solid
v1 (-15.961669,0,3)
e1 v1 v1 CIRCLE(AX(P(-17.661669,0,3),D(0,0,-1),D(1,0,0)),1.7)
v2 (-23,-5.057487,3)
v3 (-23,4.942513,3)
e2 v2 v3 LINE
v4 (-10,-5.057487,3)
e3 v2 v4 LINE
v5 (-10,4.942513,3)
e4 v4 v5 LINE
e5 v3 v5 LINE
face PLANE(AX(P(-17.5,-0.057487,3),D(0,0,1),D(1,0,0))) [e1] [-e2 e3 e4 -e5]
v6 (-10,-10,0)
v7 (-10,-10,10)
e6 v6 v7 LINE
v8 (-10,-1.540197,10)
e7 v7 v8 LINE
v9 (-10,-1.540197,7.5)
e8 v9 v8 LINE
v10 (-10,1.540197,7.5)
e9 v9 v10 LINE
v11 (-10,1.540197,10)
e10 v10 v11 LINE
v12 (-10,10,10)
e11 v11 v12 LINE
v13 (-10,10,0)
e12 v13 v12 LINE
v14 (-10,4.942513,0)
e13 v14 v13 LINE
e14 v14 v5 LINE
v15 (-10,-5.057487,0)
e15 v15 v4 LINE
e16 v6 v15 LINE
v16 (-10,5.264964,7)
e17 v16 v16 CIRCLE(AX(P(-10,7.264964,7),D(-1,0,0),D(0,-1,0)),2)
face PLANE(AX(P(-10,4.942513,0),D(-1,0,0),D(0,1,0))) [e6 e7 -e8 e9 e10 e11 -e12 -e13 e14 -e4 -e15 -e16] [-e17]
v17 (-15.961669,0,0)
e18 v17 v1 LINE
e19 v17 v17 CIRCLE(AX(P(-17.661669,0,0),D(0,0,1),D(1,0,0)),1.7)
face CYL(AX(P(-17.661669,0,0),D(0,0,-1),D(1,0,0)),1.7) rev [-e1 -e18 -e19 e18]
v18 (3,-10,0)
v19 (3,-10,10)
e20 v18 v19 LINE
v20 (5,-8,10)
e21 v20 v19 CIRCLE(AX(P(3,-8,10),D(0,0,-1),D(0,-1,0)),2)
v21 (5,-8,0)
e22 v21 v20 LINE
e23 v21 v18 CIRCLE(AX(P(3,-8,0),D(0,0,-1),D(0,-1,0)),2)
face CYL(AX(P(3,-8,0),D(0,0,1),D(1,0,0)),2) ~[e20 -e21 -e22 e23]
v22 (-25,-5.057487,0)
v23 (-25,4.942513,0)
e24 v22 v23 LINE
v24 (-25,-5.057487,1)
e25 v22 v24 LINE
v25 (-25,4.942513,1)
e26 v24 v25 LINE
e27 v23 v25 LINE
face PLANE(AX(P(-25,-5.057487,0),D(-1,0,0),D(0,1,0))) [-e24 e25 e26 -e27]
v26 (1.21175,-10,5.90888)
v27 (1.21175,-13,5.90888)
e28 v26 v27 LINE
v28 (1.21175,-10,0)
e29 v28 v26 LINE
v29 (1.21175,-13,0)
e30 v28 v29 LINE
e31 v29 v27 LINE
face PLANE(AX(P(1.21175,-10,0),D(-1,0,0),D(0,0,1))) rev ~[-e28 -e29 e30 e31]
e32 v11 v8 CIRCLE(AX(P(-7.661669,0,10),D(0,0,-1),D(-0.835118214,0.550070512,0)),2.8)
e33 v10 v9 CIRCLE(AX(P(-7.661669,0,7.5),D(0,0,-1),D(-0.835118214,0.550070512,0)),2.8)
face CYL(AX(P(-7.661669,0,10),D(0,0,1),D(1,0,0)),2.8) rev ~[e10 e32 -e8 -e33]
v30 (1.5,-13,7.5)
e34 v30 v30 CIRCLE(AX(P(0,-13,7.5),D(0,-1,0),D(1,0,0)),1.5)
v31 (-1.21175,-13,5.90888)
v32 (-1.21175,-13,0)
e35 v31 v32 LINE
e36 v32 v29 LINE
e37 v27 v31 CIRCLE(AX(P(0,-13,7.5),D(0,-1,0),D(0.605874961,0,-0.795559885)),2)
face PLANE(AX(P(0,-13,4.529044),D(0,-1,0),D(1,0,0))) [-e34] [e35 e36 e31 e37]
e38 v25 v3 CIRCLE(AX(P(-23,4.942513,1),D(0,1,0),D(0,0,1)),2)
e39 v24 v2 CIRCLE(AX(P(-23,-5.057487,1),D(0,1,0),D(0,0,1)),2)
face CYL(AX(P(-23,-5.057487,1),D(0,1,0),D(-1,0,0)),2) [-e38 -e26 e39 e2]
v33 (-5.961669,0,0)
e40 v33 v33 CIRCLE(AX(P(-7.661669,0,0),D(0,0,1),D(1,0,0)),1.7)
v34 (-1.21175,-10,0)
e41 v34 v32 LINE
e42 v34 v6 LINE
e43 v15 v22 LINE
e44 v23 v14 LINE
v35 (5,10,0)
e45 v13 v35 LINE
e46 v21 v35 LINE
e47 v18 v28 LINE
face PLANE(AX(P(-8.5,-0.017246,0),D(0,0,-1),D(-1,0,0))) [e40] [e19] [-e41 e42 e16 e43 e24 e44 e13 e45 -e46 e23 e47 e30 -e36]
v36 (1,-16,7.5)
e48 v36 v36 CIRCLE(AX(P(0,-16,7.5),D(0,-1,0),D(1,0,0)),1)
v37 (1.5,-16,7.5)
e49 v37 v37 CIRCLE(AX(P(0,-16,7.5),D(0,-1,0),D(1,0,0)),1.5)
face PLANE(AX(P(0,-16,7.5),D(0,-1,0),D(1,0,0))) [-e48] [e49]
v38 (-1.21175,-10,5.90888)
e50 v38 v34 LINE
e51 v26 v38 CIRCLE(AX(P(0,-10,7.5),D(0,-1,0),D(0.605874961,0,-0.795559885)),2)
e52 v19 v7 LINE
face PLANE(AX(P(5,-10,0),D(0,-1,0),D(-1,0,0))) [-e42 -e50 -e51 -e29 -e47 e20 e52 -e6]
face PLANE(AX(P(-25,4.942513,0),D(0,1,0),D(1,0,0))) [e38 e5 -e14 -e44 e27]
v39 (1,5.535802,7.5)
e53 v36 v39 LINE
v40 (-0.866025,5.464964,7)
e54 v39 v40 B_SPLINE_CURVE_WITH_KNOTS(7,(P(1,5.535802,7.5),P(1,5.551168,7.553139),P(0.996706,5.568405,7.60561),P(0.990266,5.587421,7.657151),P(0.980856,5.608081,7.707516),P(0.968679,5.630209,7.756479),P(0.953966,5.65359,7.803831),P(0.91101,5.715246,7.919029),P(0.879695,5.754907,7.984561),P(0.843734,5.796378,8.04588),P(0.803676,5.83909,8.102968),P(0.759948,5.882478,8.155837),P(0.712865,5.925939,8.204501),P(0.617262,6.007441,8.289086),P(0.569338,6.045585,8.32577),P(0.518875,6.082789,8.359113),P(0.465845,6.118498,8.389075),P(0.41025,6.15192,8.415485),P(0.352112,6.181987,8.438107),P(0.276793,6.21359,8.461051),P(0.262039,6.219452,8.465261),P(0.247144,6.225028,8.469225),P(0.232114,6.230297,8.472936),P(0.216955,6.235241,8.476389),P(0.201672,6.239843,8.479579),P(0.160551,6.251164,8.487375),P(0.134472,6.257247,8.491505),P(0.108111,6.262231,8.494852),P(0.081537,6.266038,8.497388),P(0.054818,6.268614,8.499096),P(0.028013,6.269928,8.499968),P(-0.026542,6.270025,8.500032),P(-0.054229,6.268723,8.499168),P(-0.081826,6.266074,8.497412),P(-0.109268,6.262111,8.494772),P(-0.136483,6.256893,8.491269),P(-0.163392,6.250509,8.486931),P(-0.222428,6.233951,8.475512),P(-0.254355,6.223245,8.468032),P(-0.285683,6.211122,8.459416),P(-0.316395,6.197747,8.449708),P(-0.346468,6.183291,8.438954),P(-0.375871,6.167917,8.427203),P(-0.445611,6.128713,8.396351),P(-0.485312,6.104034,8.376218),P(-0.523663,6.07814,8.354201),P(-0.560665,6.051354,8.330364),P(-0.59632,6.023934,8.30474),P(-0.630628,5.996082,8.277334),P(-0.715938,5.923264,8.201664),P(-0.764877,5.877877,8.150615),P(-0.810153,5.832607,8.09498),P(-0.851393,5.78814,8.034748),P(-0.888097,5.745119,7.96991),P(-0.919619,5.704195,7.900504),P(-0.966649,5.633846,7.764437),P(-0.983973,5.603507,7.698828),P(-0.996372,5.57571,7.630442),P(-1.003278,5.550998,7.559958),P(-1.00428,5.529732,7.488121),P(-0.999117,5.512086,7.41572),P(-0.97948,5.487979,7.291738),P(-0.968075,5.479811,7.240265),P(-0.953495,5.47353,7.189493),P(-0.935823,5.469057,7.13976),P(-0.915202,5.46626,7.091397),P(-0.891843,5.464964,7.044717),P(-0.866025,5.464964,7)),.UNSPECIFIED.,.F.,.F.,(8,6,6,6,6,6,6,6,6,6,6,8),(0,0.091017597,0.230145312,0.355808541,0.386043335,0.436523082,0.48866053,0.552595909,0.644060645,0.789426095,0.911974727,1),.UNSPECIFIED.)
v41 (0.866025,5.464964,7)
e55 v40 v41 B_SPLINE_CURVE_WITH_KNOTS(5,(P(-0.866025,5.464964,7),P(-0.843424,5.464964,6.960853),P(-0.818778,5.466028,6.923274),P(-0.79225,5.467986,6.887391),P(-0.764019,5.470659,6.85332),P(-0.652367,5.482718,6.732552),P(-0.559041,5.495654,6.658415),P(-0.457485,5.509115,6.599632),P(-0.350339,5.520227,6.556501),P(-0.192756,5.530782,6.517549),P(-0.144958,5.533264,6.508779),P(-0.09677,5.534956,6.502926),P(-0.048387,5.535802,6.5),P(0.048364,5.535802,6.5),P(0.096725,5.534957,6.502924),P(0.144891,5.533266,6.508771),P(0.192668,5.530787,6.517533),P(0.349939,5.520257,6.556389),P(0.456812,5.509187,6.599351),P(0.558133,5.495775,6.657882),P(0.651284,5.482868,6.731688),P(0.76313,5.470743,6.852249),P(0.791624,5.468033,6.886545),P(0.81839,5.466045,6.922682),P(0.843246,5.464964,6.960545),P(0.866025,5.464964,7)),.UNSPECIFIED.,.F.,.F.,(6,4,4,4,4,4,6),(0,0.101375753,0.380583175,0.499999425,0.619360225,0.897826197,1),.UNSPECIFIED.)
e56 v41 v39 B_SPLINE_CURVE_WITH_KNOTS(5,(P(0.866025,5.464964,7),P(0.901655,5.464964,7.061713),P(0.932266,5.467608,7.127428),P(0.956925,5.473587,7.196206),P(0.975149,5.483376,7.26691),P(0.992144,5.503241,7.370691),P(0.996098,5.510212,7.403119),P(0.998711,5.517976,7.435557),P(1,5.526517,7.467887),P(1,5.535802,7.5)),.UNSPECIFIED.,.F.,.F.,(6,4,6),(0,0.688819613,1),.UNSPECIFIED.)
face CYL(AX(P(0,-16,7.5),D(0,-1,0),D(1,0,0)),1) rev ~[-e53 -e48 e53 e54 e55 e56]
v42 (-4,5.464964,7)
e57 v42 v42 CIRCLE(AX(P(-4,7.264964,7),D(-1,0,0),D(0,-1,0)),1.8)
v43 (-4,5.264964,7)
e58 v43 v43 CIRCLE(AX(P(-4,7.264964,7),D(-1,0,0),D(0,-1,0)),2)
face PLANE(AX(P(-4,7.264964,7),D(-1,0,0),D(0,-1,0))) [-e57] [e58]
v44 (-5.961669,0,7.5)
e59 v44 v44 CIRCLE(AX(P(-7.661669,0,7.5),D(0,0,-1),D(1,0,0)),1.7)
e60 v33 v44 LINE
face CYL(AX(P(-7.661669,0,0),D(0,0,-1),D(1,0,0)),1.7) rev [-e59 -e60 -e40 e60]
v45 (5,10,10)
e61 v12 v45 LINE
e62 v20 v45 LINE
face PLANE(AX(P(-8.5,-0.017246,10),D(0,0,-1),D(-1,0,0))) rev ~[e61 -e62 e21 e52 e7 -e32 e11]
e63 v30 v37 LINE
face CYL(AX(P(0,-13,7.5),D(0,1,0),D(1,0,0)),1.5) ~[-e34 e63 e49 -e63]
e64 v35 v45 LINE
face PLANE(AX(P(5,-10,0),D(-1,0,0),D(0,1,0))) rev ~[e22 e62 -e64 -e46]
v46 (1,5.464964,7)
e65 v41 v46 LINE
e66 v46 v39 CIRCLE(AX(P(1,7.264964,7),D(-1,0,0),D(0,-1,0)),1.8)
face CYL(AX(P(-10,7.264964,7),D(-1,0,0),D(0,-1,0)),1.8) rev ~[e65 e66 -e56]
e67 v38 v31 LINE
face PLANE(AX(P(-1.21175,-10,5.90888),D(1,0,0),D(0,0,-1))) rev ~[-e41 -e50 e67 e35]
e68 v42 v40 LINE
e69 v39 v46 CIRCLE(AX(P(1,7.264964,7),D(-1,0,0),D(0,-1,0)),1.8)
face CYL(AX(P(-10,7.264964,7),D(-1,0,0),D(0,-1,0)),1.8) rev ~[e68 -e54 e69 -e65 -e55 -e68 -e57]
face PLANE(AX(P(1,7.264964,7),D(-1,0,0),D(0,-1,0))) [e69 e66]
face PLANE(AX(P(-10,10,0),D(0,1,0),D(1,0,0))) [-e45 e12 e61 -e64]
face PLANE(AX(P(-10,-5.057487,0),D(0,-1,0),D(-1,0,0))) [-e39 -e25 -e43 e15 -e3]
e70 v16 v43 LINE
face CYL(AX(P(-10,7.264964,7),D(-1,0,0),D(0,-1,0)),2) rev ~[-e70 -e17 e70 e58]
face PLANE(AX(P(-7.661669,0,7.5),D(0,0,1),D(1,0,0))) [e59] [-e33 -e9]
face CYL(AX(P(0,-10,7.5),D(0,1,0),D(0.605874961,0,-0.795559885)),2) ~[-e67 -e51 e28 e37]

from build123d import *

# Parameters (mm, degrees)
SKETCH_R        = 1.7
PAD_DEPTH       = 10
SKETCH002_W     = 15
SKETCH002_H     = 10
POCKET_DEPTH    = 7
PAD001_DEPTH    = 3
SKETCH009_R     = 2.8
POCKET003_DEPTH = 2.5
SKETCH010_R     = 1.5
PAD002_DEPTH    = 3
SKETCH011_R     = 1
POCKET004_DEPTH = 24
SKETCH012_R     = 1.8
POCKET005_DEPTH = 11
SKETCH013_R     = 2
POCKET006_DEPTH = 6
FILLET_R        = 2
FILLET001_R     = 2


with BuildPart() as part:
    # Sketch → Pad (new body)
    with BuildSketch(Plane.XY):
        Polygon((-10, 10), (5, 10), (5, 4.942513), (5, -5.057487), (5, -10), (-10, -10), (-10, -5.057487), (-25, -5.057487), (-25, 4.942513), (-10, 4.942513), align=None)
        with Locations((-17.661669, 0)):
            Circle(SKETCH_R, mode=Mode.SUBTRACT)
        with Locations((-7.661669, 0)):
            Circle(SKETCH_R, mode=Mode.SUBTRACT)
    extrude(amount=PAD_DEPTH)

    # Sketch002 (on Face14 of Pad) → Pocket (cut)
    with BuildSketch(Plane.XY.offset(10)):
        with Locations((-17.5, -0.057487)):
            Rectangle(SKETCH002_W, SKETCH002_H)
    extrude(amount=-POCKET_DEPTH, mode=Mode.SUBTRACT)

    # Sketch003 (on Face13 of Pocket) → Pad001 (join)
    with BuildSketch(Plane.XZ.offset(10)):
        with BuildLine():
            ThreePointArc((1.21175, 5.90888), (0, 9.5), (-1.21175, 5.90888))
            Line((-1.21175, 5.90888), (-1.21175, 0))
            Line((-1.21175, 0), (1.21175, 0))
            Line((1.21175, 0), (1.21175, 5.90888))
        make_face()
    extrude(amount=PAD001_DEPTH)

    # Sketch009 (on Face14 of Pad) → Pocket003 (cut)
    with BuildSketch(Plane.XY.offset(10)):
        with Locations((-7.661669, 0)):
            Circle(SKETCH009_R)
    extrude(amount=-POCKET003_DEPTH, mode=Mode.SUBTRACT)

    # Sketch010 (on Face24 of Pocket003) → Pad002 (join)
    with BuildSketch(Plane.XZ.offset(13)):
        with Locations((0, 7.5)):
            Circle(SKETCH010_R)
    extrude(amount=PAD002_DEPTH)

    # Sketch011 (on Face26 of Pad002) → Pocket004 (cut)
    with BuildSketch(Plane.XZ.offset(16)):
        with Locations((0, 7.5)):
            Circle(SKETCH011_R)
    extrude(amount=-POCKET004_DEPTH, mode=Mode.SUBTRACT)

    # Sketch012 (on Face1 of Pocket004) → Pocket005 (cut)
    with BuildSketch(Plane(origin=(-10, 0, 0), x_dir=(0, -1, 0), z_dir=(-1, 0, 0))):
        with Locations((-7.264964, 7)):
            Circle(SKETCH012_R)
    extrude(amount=-POCKET005_DEPTH, mode=Mode.SUBTRACT)

    # Sketch013 (on Face1 of Pocket005) → Pocket006 (cut)
    with BuildSketch(Plane(origin=(-10, 0, 0), x_dir=(0, -1, 0), z_dir=(-1, 0, 0))):
        with Locations((-7.264964, 7)):
            Circle(SKETCH013_R)
    extrude(amount=-POCKET006_DEPTH, mode=Mode.SUBTRACT)

    # Fillet
    fillet_edges = [part.edges().sort_by_distance(p)[0] for p in [
        (5, -10, 5),
    ]]
    fillet(fillet_edges, radius=FILLET_R)

    # Fillet001
    fillet001_edges = [part.edges().sort_by_distance(p)[0] for p in [
        (-25, -0.057487, 3),
    ]]
    fillet(fillet001_edges, radius=FILLET001_R)


solid = part.part
